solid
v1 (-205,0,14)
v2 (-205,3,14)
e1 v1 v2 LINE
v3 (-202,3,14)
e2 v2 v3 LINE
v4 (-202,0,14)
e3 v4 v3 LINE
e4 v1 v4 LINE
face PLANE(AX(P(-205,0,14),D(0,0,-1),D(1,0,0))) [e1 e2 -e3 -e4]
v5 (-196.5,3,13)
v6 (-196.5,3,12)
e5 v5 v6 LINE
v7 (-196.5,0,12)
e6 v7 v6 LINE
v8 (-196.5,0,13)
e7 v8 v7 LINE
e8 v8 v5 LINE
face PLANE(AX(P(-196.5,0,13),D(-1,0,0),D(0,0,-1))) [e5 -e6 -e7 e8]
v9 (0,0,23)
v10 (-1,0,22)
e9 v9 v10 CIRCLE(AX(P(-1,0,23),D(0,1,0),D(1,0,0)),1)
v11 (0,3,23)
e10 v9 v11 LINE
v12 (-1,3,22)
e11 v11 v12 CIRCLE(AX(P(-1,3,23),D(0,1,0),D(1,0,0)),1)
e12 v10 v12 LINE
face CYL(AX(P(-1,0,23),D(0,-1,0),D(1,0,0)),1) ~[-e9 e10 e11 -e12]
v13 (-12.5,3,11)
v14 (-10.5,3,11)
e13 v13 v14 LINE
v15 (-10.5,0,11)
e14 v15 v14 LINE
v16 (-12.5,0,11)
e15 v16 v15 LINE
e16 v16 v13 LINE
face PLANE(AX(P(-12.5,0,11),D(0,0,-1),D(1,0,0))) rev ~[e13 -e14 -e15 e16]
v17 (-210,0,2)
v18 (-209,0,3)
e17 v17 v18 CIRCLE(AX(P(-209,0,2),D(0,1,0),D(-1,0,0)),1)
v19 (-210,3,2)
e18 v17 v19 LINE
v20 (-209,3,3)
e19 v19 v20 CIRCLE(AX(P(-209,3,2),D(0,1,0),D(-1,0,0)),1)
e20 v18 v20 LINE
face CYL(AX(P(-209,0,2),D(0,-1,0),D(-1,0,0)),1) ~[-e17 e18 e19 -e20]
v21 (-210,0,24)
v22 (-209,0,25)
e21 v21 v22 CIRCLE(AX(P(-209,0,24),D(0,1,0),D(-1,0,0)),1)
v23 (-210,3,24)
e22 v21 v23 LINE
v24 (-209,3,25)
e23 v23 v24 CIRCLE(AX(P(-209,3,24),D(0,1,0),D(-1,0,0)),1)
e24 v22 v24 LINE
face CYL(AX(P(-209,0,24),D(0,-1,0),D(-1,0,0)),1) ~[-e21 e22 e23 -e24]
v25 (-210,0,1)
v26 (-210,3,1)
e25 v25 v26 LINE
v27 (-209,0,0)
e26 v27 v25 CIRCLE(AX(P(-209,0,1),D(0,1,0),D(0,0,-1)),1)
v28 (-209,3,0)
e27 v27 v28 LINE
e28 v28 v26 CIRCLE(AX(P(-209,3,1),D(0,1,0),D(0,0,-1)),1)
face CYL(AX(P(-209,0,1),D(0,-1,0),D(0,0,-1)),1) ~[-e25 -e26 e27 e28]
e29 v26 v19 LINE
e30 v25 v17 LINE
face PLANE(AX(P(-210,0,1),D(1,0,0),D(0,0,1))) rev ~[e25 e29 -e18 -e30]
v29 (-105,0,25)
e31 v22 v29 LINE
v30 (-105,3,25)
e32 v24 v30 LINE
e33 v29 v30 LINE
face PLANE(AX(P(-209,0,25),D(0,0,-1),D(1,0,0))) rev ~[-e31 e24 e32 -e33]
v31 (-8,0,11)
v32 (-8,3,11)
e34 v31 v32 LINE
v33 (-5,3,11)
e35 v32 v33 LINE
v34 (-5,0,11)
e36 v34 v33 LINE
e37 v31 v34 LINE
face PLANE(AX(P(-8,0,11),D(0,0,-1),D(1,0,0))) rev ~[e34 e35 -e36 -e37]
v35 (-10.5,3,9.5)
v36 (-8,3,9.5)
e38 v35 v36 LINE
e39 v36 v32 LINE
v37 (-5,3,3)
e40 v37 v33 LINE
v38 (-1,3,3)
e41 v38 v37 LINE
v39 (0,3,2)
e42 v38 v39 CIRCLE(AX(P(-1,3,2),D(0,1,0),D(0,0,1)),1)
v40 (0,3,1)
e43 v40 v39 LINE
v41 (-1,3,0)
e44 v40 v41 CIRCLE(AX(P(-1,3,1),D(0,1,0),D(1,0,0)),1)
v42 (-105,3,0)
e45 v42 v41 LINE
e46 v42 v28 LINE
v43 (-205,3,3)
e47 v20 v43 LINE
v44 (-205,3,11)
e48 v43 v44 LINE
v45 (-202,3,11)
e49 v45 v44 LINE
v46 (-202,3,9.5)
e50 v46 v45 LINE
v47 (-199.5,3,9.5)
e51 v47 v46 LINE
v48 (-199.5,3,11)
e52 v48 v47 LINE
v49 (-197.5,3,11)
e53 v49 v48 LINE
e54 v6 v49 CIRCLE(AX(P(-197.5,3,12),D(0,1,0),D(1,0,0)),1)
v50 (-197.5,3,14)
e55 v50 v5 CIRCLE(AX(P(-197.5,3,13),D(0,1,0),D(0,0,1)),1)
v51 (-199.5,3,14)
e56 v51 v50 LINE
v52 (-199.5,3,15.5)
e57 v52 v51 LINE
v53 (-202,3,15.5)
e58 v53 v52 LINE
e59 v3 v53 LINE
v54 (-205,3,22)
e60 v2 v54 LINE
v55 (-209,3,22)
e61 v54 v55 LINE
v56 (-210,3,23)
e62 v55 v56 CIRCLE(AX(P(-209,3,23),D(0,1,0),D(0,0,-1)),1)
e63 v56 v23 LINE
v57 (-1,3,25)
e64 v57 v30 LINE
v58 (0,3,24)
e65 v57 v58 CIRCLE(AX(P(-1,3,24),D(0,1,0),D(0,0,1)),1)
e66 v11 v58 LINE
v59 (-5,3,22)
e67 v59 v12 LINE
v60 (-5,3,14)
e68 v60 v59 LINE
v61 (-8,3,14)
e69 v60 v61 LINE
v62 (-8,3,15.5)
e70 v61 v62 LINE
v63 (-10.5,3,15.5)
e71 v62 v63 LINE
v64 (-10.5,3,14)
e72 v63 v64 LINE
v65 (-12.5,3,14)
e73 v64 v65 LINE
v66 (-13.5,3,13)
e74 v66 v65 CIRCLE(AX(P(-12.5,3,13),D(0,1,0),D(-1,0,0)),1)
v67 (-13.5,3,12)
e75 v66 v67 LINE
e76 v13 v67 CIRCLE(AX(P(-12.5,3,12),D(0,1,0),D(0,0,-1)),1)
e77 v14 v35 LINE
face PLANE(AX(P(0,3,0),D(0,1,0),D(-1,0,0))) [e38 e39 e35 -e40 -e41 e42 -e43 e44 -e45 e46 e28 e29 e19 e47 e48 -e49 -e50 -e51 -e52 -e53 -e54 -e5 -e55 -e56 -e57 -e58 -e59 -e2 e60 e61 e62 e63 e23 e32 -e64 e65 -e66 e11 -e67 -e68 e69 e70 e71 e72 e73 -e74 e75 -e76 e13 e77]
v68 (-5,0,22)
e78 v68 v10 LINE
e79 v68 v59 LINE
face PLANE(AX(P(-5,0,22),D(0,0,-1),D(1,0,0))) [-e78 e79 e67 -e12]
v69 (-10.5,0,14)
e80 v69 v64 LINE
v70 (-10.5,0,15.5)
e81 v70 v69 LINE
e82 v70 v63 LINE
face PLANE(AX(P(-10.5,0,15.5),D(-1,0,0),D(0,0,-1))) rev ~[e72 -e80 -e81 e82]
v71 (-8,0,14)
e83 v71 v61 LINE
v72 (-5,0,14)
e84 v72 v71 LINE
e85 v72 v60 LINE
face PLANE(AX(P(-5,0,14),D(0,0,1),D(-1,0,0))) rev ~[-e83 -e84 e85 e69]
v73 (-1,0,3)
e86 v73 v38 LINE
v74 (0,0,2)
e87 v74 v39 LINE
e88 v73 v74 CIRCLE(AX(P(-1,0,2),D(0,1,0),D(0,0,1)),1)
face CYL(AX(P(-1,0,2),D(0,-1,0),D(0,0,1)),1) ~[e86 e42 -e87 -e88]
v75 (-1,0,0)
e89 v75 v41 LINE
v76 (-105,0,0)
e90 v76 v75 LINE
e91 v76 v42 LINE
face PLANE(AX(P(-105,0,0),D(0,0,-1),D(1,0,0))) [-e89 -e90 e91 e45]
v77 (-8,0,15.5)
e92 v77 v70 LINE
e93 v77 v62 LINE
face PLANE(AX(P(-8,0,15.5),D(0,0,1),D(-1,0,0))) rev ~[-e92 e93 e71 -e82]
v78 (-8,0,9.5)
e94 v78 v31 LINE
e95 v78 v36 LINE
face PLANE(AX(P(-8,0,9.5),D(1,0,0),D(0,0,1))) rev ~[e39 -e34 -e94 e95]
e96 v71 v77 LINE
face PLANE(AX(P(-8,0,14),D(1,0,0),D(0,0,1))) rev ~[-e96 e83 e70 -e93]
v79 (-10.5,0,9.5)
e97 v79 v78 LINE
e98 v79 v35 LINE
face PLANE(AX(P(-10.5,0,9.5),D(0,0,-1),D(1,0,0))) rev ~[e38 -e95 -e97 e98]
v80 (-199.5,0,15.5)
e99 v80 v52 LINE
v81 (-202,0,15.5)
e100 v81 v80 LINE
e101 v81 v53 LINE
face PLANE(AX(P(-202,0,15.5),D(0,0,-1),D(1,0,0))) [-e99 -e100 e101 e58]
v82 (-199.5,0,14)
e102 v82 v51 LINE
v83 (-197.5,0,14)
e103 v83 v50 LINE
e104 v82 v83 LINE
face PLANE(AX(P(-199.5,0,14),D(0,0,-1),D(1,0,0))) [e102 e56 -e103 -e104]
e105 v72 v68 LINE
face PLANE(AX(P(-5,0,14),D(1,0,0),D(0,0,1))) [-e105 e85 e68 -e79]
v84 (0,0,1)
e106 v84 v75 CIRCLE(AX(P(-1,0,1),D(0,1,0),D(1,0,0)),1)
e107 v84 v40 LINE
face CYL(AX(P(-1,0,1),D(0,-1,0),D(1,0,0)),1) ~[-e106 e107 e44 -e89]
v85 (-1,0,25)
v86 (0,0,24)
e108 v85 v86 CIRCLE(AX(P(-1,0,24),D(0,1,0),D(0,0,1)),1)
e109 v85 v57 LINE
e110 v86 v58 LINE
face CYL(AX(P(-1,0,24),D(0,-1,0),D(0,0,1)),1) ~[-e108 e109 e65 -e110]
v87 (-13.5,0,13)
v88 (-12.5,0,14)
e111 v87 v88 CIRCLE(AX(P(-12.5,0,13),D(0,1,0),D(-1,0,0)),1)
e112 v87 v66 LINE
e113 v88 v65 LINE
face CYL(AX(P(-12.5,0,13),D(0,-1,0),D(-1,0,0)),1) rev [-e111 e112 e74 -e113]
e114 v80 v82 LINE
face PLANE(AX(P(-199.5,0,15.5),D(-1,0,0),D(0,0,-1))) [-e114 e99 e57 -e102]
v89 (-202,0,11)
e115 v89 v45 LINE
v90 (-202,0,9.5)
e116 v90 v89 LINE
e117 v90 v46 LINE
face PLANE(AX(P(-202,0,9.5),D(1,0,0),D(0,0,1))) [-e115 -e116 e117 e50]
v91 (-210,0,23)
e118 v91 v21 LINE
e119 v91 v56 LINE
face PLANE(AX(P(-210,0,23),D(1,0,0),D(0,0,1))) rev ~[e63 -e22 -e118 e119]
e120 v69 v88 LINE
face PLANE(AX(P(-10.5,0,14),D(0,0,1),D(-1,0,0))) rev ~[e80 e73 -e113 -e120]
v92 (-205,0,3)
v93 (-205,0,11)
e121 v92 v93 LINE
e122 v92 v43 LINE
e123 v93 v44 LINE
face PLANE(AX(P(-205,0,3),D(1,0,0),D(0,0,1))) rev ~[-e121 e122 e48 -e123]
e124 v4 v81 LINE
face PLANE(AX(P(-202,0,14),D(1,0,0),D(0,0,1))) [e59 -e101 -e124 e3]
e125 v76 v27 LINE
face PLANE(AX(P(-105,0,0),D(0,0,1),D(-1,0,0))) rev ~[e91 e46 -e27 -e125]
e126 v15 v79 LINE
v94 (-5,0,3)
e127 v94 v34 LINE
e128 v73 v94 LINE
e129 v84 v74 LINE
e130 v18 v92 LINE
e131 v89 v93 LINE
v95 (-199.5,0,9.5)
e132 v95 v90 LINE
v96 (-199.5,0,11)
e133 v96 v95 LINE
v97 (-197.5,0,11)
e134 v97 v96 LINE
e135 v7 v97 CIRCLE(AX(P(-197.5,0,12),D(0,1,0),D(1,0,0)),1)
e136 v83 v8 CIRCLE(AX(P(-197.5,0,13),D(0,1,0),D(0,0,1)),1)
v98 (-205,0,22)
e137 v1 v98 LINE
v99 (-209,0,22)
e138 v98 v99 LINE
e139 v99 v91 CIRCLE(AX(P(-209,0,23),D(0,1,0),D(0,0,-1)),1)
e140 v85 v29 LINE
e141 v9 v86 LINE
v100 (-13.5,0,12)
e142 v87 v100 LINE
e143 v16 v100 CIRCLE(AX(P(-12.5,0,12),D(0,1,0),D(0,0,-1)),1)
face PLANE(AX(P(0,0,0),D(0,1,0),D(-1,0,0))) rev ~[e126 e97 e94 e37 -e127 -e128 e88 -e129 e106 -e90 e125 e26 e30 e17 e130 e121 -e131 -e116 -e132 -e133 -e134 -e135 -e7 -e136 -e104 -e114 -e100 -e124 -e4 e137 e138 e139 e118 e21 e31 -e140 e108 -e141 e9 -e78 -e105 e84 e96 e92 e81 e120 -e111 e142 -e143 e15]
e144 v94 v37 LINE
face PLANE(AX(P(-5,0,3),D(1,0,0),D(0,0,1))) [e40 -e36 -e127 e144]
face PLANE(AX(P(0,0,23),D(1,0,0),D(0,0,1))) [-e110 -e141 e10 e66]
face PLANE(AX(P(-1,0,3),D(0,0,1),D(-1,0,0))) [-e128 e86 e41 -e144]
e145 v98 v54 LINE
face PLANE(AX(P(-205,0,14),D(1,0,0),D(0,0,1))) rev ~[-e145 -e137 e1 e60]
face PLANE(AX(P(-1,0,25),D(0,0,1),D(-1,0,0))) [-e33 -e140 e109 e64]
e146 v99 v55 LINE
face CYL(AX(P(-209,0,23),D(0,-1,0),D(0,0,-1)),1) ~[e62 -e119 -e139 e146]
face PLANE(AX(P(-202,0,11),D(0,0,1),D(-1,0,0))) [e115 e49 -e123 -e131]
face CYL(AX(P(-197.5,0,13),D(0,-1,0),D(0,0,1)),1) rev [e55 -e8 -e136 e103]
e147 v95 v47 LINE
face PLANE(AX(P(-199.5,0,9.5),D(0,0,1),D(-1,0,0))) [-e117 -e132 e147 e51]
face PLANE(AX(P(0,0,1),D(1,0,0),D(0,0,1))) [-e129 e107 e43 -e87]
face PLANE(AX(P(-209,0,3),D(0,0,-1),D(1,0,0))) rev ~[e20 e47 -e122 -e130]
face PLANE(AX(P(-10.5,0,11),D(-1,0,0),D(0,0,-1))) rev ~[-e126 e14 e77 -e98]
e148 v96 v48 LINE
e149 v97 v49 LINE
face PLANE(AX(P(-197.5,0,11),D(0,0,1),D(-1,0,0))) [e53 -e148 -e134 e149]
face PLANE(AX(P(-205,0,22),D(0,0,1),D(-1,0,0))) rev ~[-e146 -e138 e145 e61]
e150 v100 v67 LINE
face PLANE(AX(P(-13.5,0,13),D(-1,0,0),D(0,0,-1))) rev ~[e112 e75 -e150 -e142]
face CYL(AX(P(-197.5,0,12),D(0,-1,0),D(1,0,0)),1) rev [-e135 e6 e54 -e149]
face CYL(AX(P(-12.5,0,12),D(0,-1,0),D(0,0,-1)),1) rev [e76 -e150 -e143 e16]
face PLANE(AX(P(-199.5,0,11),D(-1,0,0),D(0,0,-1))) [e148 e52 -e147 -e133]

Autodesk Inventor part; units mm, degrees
ref_plane "YZ Plane" through (0, 0, 0) normal (1, 0, 0) x (0, 1, 0)
ref_plane "XZ Plane" through (0, 0, 0) normal (0, 1, 0) x (-1, 0, 0)
ref_plane "XY Plane" through (0, 0, 0) normal (0, 0, 1) x (1, 0, 0)
sketch "Sketch1" plane through (0, 0, 0) normal (0, 1, 0) x (-1, 0, 0)
  line L0 (0, 1) -> (0, 2)
  line L1 (1, 3) -> (5, 3)
  line L2 (5, 22) -> (1, 22)
  line L3 (0, 23) -> (0, 24)
  line L4 (1, 25) -> (105, 25)
  line L5 (105, 25) -> (105, 0) construction
  line L6 (105, 0) -> (1, 0)
  line L7 (5, 14) -> (8, 14)
  line L8 (8, 14) -> (8, 15.5)
  line L9 (8, 15.5) -> (10.5, 15.5)
  line L10 (10.5, 9.5) -> (8, 9.5)
  line L11 (8, 9.5) -> (8, 11)
  line L12 (8, 11) -> (5, 11)
  line L13 (5, 3) -> (5, 11)
  line L14 (5, 14) -> (5, 22)
  line L15 (10.5, 14) -> (12.5, 14)
  line L16 (13.5, 13) -> (13.5, 12)
  line L17 (12.5, 11) -> (10.5, 11)
  line L18 (10.5, 15.5) -> (10.5, 14)
  line L19 (10.5, 11) -> (10.5, 9.5)
  arc A0 (1, 25) -> (0, 24) centre (1, 24) ccw
  arc A1 (0, 23) -> (1, 22) centre (1, 23) ccw
  arc A2 (1, 3) -> (0, 2) centre (1, 2) ccw
  arc A3 (0, 1) -> (1, 0) centre (1, 1) ccw
  arc A4 (12.5, 11) -> (13.5, 12) centre (12.5, 12) ccw
  arc A5 (13.5, 13) -> (12.5, 14) centre (12.5, 13) ccw
  line L20 (210, 1) -> (210, 2)
  line L21 (209, 3) -> (205, 3)
  line L22 (205, 22) -> (209, 22)
  line L23 (210, 23) -> (210, 24)
  line L24 (209, 25) -> (105, 25)
  line L25 (105, 0) -> (209, 0)
  line L26 (205, 14) -> (202, 14)
  line L27 (202, 14) -> (202, 15.5)
  line L28 (202, 15.5) -> (199.5, 15.5)
  line L29 (199.5, 9.5) -> (202, 9.5)
  line L30 (202, 9.5) -> (202, 11)
  line L31 (202, 11) -> (205, 11)
  line L32 (196.5, 16) -> (105, 16) construction
  line L33 (205, 3) -> (205, 11)
  line L34 (205, 14) -> (205, 22)
  line L35 (199.5, 14) -> (197.5, 14)
  line L36 (196.5, 13) -> (196.5, 12)
  line L37 (197.5, 11) -> (199.5, 11)
  line L38 (199.5, 15.5) -> (199.5, 14)
  line L39 (199.5, 11) -> (199.5, 9.5)
  arc A6 (210, 24) -> (209, 25) centre (209, 24) ccw
  arc A7 (209, 22) -> (210, 23) centre (209, 23) ccw
  arc A8 (210, 2) -> (209, 3) centre (209, 2) ccw
  arc A9 (209, 0) -> (210, 1) centre (209, 1) ccw
  arc A10 (196.5, 12) -> (197.5, 11) centre (197.5, 12) ccw
  arc A11 (197.5, 14) -> (196.5, 13) centre (197.5, 13) ccw
  point P0 (0, 0)
  point P1 (0, 3)
  point P2 (0, 22)
  point P3 (0, 25)
  point P4 (10.5, 21)
  point P5 (13.5, 14)
  point P6 (13.5, 11)
  point P7 (210, 0)
  point P8 (210, 3)
  point P9 (210, 22)
  point P10 (210, 25)
  point P11 (199.5, 21)
  point P12 (196.5, 14)
  point P13 (196.5, 11)
  dimension "d0" = 3
  dimension "d1" = 5
  dimension "d2" = 19
  dimension "d3" = 3
  dimension "d4" = 105
  dimension "d5" = 5
  dimension "d6" = 6
  dimension "d7" = 2.5
  dimension "d8" = 3
  dimension "d9" = 3
  dimension "d13" = 3
  dimension "d14" = 3
  dimension "d15" = 1
  dimension "d16" = 8.5
  dimension "d17" = 8
extrude "Extrusion1" add sketch "Sketch1" along normal blind 3
properties part number "Fin 27270714b"
